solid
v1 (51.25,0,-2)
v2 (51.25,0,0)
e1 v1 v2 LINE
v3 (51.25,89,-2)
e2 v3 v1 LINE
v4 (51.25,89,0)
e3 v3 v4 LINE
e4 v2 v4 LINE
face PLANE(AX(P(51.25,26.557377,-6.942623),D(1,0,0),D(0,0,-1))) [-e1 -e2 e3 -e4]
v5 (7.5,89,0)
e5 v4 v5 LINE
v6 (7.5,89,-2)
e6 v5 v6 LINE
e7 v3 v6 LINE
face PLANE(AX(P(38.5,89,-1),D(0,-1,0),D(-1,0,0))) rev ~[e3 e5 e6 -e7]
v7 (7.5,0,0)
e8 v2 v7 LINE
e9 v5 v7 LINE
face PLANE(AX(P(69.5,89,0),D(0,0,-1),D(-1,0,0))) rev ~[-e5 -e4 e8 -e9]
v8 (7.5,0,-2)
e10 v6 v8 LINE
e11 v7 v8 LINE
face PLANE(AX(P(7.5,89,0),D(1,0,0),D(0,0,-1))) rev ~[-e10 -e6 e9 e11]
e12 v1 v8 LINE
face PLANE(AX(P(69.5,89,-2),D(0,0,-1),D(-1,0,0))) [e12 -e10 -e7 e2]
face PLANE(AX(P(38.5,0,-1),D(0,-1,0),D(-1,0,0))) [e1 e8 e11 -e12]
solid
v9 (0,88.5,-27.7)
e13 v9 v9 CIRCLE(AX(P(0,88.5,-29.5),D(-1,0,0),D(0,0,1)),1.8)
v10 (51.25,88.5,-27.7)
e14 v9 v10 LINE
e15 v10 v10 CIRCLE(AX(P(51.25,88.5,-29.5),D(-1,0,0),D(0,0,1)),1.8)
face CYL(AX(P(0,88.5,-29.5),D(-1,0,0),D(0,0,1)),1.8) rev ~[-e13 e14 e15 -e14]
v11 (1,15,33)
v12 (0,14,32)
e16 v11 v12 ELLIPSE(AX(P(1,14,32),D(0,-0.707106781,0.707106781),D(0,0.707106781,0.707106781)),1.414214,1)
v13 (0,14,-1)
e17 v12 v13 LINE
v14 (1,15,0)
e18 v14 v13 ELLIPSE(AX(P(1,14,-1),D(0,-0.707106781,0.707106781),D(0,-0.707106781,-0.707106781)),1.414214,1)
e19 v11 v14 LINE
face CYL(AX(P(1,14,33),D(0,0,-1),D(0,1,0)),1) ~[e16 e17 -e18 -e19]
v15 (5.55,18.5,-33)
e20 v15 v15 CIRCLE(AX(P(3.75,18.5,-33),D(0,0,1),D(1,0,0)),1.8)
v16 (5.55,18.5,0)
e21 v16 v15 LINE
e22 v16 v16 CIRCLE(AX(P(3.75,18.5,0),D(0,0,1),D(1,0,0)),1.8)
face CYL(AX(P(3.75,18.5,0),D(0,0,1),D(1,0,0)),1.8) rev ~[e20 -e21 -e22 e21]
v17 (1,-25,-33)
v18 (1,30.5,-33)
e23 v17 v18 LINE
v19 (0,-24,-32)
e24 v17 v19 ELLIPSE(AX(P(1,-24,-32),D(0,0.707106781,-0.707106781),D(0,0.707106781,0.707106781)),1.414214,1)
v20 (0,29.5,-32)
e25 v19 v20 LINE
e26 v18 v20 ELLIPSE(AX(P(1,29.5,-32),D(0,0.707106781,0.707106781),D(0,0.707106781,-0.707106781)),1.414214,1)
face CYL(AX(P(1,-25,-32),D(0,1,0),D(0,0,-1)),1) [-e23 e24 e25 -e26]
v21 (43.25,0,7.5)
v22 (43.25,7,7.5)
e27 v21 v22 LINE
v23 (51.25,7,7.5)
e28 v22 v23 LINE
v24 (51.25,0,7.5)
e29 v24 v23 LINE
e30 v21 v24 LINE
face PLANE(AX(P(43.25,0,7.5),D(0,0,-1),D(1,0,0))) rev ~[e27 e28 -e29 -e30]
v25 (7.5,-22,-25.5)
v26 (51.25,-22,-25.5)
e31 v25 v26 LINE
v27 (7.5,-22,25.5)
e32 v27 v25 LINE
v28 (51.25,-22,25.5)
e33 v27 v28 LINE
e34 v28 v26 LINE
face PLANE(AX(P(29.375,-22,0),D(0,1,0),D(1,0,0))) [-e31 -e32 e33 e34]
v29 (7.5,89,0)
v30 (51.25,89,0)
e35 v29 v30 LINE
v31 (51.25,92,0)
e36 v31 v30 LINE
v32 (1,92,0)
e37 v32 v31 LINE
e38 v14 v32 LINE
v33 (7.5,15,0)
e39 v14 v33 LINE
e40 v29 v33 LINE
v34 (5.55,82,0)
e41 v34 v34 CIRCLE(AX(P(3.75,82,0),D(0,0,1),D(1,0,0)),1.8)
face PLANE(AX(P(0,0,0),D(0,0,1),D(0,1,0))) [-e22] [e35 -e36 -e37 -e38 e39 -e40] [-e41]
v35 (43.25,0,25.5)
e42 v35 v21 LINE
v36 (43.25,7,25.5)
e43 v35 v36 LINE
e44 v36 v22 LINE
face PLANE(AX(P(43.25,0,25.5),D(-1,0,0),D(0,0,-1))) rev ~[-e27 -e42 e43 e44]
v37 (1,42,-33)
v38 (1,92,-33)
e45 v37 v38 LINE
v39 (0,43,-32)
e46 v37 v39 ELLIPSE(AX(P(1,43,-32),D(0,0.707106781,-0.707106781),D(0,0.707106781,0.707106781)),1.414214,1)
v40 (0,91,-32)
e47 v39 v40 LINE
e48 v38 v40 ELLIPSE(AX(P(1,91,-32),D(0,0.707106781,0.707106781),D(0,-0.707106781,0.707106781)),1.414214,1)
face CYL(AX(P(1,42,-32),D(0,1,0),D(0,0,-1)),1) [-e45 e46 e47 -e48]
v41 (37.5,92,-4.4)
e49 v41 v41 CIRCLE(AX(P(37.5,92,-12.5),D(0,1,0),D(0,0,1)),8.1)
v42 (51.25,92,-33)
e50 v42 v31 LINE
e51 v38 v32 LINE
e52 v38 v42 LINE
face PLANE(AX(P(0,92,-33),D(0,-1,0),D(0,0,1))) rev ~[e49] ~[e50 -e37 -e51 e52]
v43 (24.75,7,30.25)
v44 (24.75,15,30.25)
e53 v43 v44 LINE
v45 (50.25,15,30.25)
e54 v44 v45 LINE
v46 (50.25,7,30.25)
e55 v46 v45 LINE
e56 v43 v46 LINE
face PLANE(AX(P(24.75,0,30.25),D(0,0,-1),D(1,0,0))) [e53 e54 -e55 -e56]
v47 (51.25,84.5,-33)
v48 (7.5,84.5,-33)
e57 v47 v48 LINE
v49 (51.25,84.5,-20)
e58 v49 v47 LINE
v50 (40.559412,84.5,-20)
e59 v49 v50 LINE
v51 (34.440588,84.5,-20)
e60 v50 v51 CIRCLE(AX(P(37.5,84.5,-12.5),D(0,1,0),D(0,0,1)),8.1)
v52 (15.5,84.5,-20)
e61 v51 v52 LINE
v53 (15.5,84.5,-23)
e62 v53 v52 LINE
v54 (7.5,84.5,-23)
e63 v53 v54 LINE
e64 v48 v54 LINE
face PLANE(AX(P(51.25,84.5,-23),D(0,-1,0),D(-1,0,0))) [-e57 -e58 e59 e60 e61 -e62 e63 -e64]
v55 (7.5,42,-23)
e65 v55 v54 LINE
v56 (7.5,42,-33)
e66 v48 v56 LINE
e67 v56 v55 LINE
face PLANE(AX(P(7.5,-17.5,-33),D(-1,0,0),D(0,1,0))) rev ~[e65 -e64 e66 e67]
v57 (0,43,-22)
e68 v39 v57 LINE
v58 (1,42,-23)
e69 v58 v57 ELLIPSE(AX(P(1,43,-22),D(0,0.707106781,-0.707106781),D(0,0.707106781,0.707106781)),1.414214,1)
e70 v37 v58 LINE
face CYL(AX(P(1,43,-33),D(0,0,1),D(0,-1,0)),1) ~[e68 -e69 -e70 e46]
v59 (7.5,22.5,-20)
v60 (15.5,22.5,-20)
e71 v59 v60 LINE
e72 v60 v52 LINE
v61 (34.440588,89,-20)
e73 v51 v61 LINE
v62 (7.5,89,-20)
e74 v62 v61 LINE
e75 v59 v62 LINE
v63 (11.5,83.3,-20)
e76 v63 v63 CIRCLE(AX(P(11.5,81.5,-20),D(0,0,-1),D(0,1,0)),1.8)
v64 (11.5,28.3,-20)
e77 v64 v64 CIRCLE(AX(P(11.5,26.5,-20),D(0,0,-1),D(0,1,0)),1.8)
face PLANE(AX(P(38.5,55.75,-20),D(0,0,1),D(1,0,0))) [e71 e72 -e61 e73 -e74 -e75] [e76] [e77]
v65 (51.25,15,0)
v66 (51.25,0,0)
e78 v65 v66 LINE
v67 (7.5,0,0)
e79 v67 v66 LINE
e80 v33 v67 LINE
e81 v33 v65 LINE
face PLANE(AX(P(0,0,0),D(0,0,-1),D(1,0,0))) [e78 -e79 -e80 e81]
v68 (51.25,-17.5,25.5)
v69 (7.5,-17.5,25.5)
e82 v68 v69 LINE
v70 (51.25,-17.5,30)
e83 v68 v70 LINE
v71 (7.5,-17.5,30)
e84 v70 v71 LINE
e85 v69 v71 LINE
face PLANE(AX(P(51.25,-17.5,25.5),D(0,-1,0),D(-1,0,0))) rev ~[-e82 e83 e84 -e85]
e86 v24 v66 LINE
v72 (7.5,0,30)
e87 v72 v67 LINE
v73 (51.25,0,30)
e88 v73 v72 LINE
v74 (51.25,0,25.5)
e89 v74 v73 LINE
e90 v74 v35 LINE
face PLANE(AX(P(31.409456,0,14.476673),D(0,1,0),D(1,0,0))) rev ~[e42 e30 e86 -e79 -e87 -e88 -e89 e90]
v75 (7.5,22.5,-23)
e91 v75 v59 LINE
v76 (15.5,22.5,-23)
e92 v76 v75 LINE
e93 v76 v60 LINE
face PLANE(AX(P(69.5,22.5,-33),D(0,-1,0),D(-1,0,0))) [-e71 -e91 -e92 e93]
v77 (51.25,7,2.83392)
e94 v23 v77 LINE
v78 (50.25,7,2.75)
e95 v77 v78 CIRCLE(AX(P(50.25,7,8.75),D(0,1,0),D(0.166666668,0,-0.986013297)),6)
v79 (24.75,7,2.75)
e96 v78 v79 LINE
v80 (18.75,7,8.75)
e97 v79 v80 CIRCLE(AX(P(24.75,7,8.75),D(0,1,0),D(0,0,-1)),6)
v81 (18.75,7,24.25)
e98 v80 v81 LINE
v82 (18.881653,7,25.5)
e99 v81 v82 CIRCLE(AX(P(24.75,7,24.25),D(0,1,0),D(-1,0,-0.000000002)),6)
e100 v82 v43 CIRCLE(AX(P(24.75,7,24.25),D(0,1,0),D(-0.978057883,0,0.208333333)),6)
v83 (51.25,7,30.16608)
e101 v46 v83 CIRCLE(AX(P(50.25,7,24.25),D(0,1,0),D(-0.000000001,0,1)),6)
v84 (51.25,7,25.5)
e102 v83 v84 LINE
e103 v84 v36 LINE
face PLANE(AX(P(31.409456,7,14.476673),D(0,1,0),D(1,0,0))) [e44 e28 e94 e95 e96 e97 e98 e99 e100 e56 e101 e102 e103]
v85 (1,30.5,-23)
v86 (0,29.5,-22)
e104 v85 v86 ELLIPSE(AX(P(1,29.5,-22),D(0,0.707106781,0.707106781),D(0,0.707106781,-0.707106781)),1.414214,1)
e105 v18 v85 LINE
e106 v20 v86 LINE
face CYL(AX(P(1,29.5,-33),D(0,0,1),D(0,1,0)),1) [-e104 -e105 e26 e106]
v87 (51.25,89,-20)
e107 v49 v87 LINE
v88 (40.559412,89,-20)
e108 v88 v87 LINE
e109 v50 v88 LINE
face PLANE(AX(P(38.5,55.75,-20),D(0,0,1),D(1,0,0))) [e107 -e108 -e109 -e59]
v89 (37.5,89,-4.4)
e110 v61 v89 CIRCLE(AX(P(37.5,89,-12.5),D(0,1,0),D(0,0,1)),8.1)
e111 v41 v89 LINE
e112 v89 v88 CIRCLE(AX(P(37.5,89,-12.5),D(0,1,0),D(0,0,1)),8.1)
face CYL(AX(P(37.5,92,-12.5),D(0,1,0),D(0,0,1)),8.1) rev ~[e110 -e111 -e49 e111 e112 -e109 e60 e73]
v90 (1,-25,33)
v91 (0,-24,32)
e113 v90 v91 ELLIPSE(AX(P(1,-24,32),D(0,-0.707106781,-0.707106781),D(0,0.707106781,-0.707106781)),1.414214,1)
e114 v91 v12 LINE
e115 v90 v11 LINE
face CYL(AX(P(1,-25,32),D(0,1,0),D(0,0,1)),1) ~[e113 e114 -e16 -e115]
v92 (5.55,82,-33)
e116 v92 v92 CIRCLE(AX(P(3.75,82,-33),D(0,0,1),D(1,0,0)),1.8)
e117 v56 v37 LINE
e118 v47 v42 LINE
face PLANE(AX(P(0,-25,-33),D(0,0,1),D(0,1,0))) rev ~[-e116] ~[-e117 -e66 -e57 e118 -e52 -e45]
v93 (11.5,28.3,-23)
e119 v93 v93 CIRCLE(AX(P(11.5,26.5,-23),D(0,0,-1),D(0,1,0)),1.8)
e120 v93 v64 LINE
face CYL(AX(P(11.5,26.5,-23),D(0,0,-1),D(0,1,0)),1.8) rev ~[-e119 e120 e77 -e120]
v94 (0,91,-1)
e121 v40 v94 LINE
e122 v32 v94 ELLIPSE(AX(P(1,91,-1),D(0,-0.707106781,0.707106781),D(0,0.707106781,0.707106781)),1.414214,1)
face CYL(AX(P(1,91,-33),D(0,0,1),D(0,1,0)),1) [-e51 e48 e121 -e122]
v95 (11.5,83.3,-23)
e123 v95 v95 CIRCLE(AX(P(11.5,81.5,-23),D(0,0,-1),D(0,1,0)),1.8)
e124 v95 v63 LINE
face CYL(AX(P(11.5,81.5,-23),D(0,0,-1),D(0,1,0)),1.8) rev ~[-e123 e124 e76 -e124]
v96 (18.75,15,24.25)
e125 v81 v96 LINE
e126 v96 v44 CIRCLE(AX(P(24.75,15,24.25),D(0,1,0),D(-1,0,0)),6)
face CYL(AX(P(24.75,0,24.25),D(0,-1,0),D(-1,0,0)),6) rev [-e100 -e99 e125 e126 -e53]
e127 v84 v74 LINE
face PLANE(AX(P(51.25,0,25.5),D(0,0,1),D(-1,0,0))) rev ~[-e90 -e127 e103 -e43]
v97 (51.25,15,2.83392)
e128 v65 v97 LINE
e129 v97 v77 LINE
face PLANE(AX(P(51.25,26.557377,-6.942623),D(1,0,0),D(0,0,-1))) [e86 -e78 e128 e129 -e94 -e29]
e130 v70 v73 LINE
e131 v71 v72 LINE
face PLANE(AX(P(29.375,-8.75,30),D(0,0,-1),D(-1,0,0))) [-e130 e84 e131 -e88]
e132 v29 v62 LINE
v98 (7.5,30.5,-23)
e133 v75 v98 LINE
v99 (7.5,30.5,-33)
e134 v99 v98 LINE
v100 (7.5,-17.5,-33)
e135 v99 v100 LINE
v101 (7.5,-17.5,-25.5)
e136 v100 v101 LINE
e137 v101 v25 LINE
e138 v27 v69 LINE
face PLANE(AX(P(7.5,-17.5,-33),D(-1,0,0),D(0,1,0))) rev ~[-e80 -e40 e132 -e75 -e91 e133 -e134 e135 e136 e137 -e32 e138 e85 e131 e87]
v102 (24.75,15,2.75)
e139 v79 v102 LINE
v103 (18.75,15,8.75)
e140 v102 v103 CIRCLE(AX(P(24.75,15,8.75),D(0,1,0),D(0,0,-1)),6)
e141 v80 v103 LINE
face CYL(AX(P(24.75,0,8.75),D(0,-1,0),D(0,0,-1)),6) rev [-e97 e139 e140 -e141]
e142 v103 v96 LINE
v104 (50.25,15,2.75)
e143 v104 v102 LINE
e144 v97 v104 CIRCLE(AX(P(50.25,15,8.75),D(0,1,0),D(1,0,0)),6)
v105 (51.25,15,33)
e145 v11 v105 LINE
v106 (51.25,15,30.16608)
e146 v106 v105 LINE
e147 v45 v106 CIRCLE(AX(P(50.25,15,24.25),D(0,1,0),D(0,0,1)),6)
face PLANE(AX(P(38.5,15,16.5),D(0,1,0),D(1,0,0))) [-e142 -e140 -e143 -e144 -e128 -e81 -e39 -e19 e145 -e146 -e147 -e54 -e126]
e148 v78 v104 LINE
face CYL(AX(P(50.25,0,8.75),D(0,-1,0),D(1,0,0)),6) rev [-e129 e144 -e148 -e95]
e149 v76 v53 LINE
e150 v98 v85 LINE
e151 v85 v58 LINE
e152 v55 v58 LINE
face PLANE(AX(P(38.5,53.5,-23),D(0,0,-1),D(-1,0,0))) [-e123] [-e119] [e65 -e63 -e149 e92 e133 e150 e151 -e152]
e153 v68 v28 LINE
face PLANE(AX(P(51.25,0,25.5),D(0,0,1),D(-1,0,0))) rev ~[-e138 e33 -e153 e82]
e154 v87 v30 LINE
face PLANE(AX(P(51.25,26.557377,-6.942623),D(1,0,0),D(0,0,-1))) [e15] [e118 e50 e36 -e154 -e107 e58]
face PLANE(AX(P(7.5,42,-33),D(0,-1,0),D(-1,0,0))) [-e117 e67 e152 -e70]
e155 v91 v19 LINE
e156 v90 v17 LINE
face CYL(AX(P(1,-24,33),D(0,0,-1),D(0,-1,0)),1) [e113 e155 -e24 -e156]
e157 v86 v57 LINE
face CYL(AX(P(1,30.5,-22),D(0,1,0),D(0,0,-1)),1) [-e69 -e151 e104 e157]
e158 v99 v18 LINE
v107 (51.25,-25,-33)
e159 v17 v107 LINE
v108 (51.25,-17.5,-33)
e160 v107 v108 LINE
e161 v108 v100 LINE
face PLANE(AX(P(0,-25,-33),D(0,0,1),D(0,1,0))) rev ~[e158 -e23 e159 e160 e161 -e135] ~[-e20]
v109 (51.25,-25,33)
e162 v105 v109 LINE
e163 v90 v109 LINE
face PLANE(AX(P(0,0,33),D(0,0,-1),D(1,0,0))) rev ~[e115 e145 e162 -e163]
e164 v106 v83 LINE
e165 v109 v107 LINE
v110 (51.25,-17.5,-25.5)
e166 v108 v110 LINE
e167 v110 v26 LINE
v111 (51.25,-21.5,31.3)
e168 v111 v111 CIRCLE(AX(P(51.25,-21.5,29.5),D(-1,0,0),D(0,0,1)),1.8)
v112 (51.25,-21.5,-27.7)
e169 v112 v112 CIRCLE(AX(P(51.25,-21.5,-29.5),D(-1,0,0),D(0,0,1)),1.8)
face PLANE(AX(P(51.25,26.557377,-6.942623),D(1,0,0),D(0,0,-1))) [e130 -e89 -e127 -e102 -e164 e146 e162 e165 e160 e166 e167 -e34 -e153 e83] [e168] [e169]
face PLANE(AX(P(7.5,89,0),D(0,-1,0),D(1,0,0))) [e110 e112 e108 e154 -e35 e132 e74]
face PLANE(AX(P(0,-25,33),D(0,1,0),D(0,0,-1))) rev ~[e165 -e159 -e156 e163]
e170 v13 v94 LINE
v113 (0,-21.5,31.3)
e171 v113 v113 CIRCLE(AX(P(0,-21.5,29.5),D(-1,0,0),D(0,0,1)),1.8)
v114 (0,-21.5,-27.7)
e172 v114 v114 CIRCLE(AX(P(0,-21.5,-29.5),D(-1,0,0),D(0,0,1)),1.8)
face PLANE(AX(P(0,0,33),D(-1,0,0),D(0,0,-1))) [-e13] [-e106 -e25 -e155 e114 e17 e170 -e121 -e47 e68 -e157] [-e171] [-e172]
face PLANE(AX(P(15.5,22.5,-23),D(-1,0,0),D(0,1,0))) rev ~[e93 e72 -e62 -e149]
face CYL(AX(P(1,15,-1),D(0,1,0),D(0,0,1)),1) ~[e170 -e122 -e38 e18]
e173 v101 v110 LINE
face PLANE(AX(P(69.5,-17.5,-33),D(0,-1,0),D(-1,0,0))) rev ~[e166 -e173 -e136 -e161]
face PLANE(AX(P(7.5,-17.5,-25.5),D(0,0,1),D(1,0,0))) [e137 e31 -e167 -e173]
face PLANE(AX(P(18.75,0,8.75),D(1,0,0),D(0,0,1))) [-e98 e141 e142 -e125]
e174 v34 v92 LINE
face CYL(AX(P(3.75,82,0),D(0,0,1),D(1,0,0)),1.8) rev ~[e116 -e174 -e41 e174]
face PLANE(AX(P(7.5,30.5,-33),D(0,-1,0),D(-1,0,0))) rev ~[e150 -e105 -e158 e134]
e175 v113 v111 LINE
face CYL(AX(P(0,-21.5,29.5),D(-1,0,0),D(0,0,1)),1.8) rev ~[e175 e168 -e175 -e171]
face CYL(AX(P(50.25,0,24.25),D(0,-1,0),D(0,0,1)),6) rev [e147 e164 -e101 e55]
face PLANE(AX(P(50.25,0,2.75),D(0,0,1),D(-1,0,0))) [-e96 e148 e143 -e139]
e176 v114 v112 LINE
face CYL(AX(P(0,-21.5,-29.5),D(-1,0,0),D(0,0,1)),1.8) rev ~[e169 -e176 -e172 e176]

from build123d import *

# Parameters (mm, degrees)
SKETCH_1_W           = 33
SKETCH_1_H           = 25
SKETCH_1_W_2         = 23
SKETCH_1_H_2         = 117
SKETCH_1_W_3         = 10
EXTRUDE_1_DEPTH      = 77
SKETCH_2_W           = 62
SKETCH_2_H           = 62
CUT_EXTRUDE_1_DEPTH  = 10
SKETCH_3_R           = 8.1
CUT_EXTRUDE_2_DEPTH  = 10
SKETCH_4_W           = 62
SKETCH_4_H           = 40
CUT_EXTRUDE_3_DEPTH  = 58.5
SKETCH_5_W           = 77
SKETCH_5_H           = 33
EXTRUDE_2_DEPTH      = 15
EXTRUDE_3_DEPTH      = 7
SKETCH_7_W           = 62
SKETCH_7_H           = 66.5
CUT_EXTRUDE_4_DEPTH  = 20
SKETCH_8_W           = 62
SKETCH_8_H           = 2
EXTRUDE_4_DEPTH      = 89
SKETCH_9_R           = 1.8
CUT_EXTRUDE_5_DEPTH  = 125.426685241
SKETCH_10_R          = 1.8
CUT_EXTRUDE_6_DEPTH  = 125.426685241
SKETCH_12_R          = 1.8
CUT_EXTRUDE_7_DEPTH  = 3
SKETCH_13_W          = 7.5
SKETCH_13_H          = 11.5
CUT_EXTRUDE_8_DEPTH  = 10
CUT_EXTRUDE_9_DEPTH  = 25.75
SKETCH_17_W          = 43.75
SKETCH_17_H          = 51
CUT_EXTRUDE_11_DEPTH = 4.5
SKETCH_18_W          = 43.75
SKETCH_18_H          = 17.5
CUT_EXTRUDE_12_DEPTH = 4.5
SKETCH_19_W          = 35.75
SKETCH_19_H          = 62
CUT_EXTRUDE_13_DEPTH = 3
FILLET_1_R           = 1


with BuildPart() as part:
    # Sketch 1 → Extrude 1 (new body)
    with BuildSketch(Plane(origin=(0, 0, 0), x_dir=(0, 0, -1), z_dir=(1, 0, 0))):
        with Locations((-16.5, -12.5)):
            Rectangle(SKETCH_1_W, SKETCH_1_H)
        with Locations((11.5, 33.5)):
            Rectangle(SKETCH_1_W_2, SKETCH_1_H_2)
        with Locations((28, 33.5)):
            Rectangle(SKETCH_1_W_3, SKETCH_1_H_2)
    extrude(amount=EXTRUDE_1_DEPTH)

    # Sketch 2 → Cut-Extrude 1 (cut)
    with BuildSketch(Plane(origin=(0, 0, -33), x_dir=(-1, 0, 0), z_dir=(0, 0, -1))):
        with Locations((-38.5, 53.5)):
            Rectangle(SKETCH_2_W, SKETCH_2_H)
    extrude(amount=-CUT_EXTRUDE_1_DEPTH, mode=Mode.SUBTRACT)

    # Sketch 3 → Cut-Extrude 2 (cut)
    with BuildSketch(Plane(origin=(0, 92, 0), x_dir=(1, 0, 0), z_dir=(0, 1, 0))):
        with Locations(Location((37.5, 12.5, 0), (0, 0, 270))):
            Circle(SKETCH_3_R)
    extrude(amount=-CUT_EXTRUDE_2_DEPTH, mode=Mode.SUBTRACT)

    # Sketch 4 → Cut-Extrude 3 (cut)
    with BuildSketch(Plane(origin=(0, 0, -33), x_dir=(-1, 0, 0), z_dir=(0, 0, -1))):
        with Locations((-38.5, 2.5)):
            Rectangle(SKETCH_4_W, SKETCH_4_H)
    extrude(amount=-CUT_EXTRUDE_3_DEPTH, mode=Mode.SUBTRACT)

    # Sketch 5 → Extrude 2 (add)
    with BuildSketch(Plane(origin=(0, 0, 0), x_dir=(1, 0, 0), z_dir=(0, 1, 0))):
        with Locations((38.5, -16.5)):
            Rectangle(SKETCH_5_W, SKETCH_5_H)
        with BuildLine():
            Line((50.25, -2.75), (24.75, -2.75))
            ThreePointArc((24.75, -2.75), (20.507359313, -4.507359313), (18.75, -8.75))
            Line((18.75, -8.75), (18.75, -24.25))
            ThreePointArc((18.75, -24.25), (20.507359313, -28.492640687), (24.75, -30.25))
            Line((24.75, -30.25), (50.25, -30.25))
            ThreePointArc((50.25, -30.25), (54.492640687, -28.492640687), (56.25, -24.25))
            Line((56.25, -24.25), (56.25, -8.75))
            ThreePointArc((56.25, -8.75), (54.492640687, -4.507359313), (50.25, -2.75))
        make_face(mode=Mode.SUBTRACT)
    extrude(amount=EXTRUDE_2_DEPTH)

    # Sketch 6 → Extrude 3 (add)
    with BuildSketch(Plane(origin=(0, 0, 0), x_dir=(1, 0, 0), z_dir=(0, 1, 0))):
        with BuildLine():
            Line((18.881652703, -25.5), (43.25, -25.5))
            Line((43.25, -25.5), (43.25, -7.5))
            Line((43.25, -7.5), (43.25, -2.75))
            Line((43.25, -2.75), (24.75, -2.75))
            ThreePointArc((24.75, -2.75), (20.507359313, -4.507359313), (18.75, -8.75))
            Line((18.75, -8.75), (18.75, -24.25))
            ThreePointArc((18.75, -24.25), (18.783003947, -24.878456927), (18.881652703, -25.5))
        make_face()
        with BuildLine():
            Line((24.75, -30.25), (43.25, -30.25))
            Line((43.25, -30.25), (43.25, -25.5))
            Line((43.25, -25.5), (18.881652703, -25.5))
            ThreePointArc((18.881652703, -25.5), (20.975082782, -28.913689527), (24.75, -30.25))
        make_face()
        with BuildLine():
            Line((43.25, -25.5), (43.25, -30.25))
            Line((43.25, -30.25), (50.25, -30.25))
            ThreePointArc((50.25, -30.25), (50.751757562, -30.228983137), (51.25, -30.166079783))
            Line((51.25, -30.166079783), (51.25, -25.5))
            Line((51.25, -25.5), (43.25, -25.5))
        make_face()
        with BuildLine():
            Line((51.25, -7.5), (51.25, -25.5))
            Line((51.25, -25.5), (56.118347297, -25.5))
            ThreePointArc((56.118347297, -25.5), (56.216996053, -24.878456927), (56.25, -24.25))
            Line((56.25, -24.25), (56.25, -8.75))
            ThreePointArc((56.25, -8.75), (54.832575695, -4.877016654), (51.25, -2.833920217))
            Line((51.25, -2.833920217), (51.25, -7.5))
        make_face()
        with BuildLine():
            Line((56.118347297, -25.5), (51.25, -25.5))
            Line((51.25, -25.5), (51.25, -30.166079783))
            ThreePointArc((51.25, -30.166079783), (54.401701312, -28.581671296), (56.118347297, -25.5))
        make_face()
        with BuildLine():
            Line((43.25, -2.75), (43.25, -7.5))
            Line((43.25, -7.5), (51.25, -7.5))
            Line((51.25, -7.5), (51.25, -2.833920217))
            ThreePointArc((51.25, -2.833920217), (50.751757562, -2.771016863), (50.25, -2.75))
            Line((50.25, -2.75), (43.25, -2.75))
        make_face()
    extrude(amount=EXTRUDE_3_DEPTH)

    # Sketch 7 → Cut-Extrude 4 (cut)
    with BuildSketch(Plane.XY):
        with Locations((38.5, 55.75)):
            Rectangle(SKETCH_7_W, SKETCH_7_H)
    extrude(amount=-CUT_EXTRUDE_4_DEPTH, mode=Mode.SUBTRACT)

    # Sketch 9 → Cut-Extrude 5 (cut, through all)
    with BuildSketch(Plane.ZY):
        with Locations((-29.5, 88.5)):
            Circle(SKETCH_9_R)
        with Locations((-29.5, -21.5)):
            Circle(SKETCH_9_R)
        with Locations((29.5, -21.5)):
            Circle(SKETCH_9_R)
    extrude(amount=-CUT_EXTRUDE_5_DEPTH, mode=Mode.SUBTRACT)

    # Sketch 10 → Cut-Extrude 6 (cut, through all)
    with BuildSketch(Plane.XY):
        with Locations((3.75, 82)):
            Circle(SKETCH_10_R)
        with Locations((73.25, 82)):
            Circle(SKETCH_10_R)
        with Locations((73.25, 18.5)):
            Circle(SKETCH_10_R)
        with Locations((3.75, 18.5)):
            Circle(SKETCH_10_R)
    extrude(amount=-CUT_EXTRUDE_6_DEPTH, mode=Mode.SUBTRACT)

    # Sketch 12 → Cut-Extrude 7 (cut)
    with BuildSketch(Plane(origin=(0, 0, -23), x_dir=(-1, 0, 0), z_dir=(0, 0, -1))):
        with Locations(Location((-66.5, 81.5, 0), (0, 0, 90))):
            Circle(SKETCH_12_R)
        with Locations(Location((-11.5, 81.5, 0), (0, 0, 90))):
            Circle(SKETCH_12_R)
        with Locations(Location((-11.5, 26.5, 0), (0, 0, 90))):
            Circle(SKETCH_12_R)
        with Locations(Location((-66.5, 26.5, 0), (0, 0, 90))):
            Circle(SKETCH_12_R)
    extrude(amount=-CUT_EXTRUDE_7_DEPTH, mode=Mode.SUBTRACT)

    # Sketch 13 → Cut-Extrude 8 (cut)
    with BuildSketch(Plane(origin=(0, 0, -33), x_dir=(-1, 0, 0), z_dir=(0, 0, -1))):
        with Locations((-3.75, 36.25)):
            Rectangle(SKETCH_13_W, SKETCH_13_H)
    extrude(amount=-CUT_EXTRUDE_8_DEPTH, mode=Mode.SUBTRACT)


with BuildPart() as body_2:
    # Sketch 8 → Extrude 4 (new body)
    with BuildSketch(Plane(origin=(0, 89, 0), x_dir=(-1, 0, 0), z_dir=(0, -1, 0))):
        with Locations((-38.5, 1)):
            Rectangle(SKETCH_8_W, SKETCH_8_H)
    extrude(amount=EXTRUDE_4_DEPTH)


with BuildPart() as cut_extrude_9_tool:
    # Sketch 15 → Cut-Extrude 9 (new body)
    with BuildSketch(Plane(origin=(77, 0, 0), x_dir=(0, 0, -1), z_dir=(1, 0, 0))):
        Polygon((0, 15), (-33, 15), (-33, -25), (33, -25), (33, 92), (0, 92), align=None)
    extrude(amount=-CUT_EXTRUDE_9_DEPTH)


with BuildPart() as part_1:
    add(part.part)

    # Cut-Extrude 9: cut by cut_extrude_9_tool
    add(cut_extrude_9_tool.part, mode=Mode.SUBTRACT)

    # Sketch 17 → Cut-Extrude 11 (cut)
    with BuildSketch(Plane(origin=(0, -17.5, 0), x_dir=(1, 0, 0), z_dir=(0, 1, 0))):
        with Locations((29.375, 0)):
            Rectangle(SKETCH_17_W, SKETCH_17_H)
    extrude(amount=-CUT_EXTRUDE_11_DEPTH, mode=Mode.SUBTRACT)

    # Sketch 18 → Cut-Extrude 12 (cut)
    with BuildSketch(Plane(origin=(0, 0, 25.5), x_dir=(-1, 0, 0), z_dir=(0, 0, -1))):
        with Locations((-29.375, -8.75)):
            Rectangle(SKETCH_18_W, SKETCH_18_H)
    extrude(amount=-CUT_EXTRUDE_12_DEPTH, mode=Mode.SUBTRACT)

    # Sketch 19 → Cut-Extrude 13 (cut)
    with BuildSketch(Plane(origin=(0, 0, -23), x_dir=(-1, 0, 0), z_dir=(0, 0, -1))):
        with Locations((-33.375, 53.5)):
            Rectangle(SKETCH_19_W, SKETCH_19_H)
    extrude(amount=-CUT_EXTRUDE_13_DEPTH, mode=Mode.SUBTRACT)

    # Fillet 1
    fillet_1_edges = [part_1.edges().sort_by_distance(p)[0] for p in [
        (0, -5, 33),
        (0, 2.75, -33),
        (0, 36.25, -23),
        (0, 42, -28),
        (0, 30.5, -28),
        (0, 15, 16.5),
        (0, 53.5, 0),
        (0, 92, -16.5),
        (0, 67, -33),
        (0, -25, 0),
    ]]
    fillet(fillet_1_edges, radius=FILLET_1_R)


with BuildPart() as body_2_1:
    add(body_2.part)

    # Cut-Extrude 9: cut by cut_extrude_9_tool
    add(cut_extrude_9_tool.part, mode=Mode.SUBTRACT)


solid = Compound([part_1.part, body_2_1.part])
